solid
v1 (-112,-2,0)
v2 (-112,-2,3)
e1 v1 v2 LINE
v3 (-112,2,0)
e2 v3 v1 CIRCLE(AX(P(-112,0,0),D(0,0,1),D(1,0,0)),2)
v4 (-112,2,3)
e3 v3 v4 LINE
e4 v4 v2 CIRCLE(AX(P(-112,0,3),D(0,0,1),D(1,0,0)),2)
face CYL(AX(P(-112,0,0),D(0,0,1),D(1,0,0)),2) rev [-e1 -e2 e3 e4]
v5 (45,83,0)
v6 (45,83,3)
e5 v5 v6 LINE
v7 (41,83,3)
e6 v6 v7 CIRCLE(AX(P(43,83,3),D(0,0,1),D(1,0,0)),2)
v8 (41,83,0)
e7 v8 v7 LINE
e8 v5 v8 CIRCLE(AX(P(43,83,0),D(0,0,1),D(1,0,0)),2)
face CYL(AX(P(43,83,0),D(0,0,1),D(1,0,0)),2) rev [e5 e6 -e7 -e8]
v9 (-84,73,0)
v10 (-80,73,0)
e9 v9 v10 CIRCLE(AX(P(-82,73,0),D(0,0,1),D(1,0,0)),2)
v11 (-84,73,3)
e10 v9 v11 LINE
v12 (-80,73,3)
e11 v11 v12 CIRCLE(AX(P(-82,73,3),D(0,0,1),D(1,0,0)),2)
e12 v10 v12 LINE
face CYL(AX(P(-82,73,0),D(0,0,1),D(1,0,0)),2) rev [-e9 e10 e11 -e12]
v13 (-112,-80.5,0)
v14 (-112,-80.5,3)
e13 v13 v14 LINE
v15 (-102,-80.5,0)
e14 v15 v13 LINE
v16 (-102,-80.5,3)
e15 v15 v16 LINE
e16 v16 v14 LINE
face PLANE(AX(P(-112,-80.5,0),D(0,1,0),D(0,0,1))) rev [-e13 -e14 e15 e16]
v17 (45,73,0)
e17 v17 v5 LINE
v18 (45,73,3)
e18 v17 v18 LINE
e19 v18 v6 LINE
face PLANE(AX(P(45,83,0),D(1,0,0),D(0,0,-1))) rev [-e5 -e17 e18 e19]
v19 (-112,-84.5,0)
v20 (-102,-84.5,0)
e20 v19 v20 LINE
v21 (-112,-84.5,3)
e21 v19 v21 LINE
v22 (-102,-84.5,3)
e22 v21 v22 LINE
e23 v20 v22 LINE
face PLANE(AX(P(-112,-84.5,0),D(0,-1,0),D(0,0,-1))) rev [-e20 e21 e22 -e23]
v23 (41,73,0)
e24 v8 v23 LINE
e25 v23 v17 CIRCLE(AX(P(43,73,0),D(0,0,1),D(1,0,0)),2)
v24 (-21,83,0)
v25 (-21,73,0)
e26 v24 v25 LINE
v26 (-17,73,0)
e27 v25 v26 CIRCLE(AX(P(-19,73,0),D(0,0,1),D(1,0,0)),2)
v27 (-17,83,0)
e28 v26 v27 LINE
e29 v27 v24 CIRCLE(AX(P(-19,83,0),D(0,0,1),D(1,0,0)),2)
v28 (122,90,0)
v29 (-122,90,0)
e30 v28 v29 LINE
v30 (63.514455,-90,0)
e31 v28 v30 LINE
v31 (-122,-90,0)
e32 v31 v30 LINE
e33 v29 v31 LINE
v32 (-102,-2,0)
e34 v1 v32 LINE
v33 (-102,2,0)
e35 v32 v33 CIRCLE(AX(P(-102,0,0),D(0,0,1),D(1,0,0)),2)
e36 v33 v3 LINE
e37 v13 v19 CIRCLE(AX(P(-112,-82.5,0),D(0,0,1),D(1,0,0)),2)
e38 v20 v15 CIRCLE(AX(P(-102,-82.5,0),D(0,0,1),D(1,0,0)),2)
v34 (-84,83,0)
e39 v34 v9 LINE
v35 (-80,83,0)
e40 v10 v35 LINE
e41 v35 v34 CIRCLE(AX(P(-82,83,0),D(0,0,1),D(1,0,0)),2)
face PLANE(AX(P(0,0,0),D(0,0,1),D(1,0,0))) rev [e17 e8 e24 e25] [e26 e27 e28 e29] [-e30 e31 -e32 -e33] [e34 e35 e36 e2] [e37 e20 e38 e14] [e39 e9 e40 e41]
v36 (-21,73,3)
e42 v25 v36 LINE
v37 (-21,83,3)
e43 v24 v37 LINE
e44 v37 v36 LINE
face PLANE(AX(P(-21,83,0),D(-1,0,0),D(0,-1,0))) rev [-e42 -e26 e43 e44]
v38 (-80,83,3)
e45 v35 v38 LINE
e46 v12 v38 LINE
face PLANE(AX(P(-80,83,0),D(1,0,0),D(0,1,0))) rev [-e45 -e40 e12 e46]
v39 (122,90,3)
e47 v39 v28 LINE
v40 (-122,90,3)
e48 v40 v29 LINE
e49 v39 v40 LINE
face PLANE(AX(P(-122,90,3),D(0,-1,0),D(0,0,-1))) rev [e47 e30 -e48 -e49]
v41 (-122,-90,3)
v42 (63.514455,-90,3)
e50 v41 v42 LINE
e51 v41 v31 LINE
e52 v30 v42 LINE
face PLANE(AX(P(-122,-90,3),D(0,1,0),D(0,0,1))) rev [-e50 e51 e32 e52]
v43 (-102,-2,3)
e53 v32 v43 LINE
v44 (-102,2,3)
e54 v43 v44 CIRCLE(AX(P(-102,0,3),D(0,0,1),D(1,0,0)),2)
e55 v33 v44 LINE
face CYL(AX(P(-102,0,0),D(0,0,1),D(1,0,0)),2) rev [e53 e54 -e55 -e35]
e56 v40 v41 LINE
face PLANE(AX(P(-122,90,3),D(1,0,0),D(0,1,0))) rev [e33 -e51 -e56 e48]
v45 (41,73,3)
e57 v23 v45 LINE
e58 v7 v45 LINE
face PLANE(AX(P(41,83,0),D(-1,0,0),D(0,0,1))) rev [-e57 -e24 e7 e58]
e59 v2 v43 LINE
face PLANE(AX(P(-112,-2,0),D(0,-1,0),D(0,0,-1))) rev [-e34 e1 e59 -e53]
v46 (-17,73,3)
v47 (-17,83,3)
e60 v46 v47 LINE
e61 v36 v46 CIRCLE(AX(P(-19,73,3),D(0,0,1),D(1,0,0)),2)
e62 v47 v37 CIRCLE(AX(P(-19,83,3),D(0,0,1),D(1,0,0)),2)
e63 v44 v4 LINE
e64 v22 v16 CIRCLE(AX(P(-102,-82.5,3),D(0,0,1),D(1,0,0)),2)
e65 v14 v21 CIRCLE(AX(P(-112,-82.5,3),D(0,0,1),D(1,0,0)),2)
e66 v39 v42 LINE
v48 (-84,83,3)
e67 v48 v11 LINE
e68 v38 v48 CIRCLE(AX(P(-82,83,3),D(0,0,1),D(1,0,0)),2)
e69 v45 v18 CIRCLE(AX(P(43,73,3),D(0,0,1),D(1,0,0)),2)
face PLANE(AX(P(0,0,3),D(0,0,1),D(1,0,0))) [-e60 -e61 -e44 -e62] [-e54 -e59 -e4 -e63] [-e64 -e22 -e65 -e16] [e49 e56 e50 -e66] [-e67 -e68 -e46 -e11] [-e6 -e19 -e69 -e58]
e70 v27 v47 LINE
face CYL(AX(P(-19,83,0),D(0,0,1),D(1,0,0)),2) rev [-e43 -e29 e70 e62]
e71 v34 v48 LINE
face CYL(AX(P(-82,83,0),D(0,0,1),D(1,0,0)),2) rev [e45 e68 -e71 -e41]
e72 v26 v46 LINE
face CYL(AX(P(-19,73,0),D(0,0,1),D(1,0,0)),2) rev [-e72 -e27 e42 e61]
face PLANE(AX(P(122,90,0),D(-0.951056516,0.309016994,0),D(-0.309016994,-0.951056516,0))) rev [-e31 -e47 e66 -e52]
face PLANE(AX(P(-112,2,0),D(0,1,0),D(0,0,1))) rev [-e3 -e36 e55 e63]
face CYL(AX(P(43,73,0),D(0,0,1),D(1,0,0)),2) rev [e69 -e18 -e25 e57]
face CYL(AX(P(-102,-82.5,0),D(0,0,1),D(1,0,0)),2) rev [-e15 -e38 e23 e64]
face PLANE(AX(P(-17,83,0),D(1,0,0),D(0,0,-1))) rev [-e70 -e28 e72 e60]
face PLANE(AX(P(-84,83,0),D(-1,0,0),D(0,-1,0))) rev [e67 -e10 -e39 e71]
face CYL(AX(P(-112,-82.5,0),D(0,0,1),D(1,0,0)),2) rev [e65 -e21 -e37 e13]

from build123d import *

# Parameters (mm, degrees)
SKETCH1_W           = 244
SKETCH1_H           = 180
BOSS_EXTRUDE1_DEPTH = 3
CUT_EXTRUDE1_DEPTH  = 3
CUT_EXTRUDE2_DEPTH  = 3


with BuildPart() as part:
    # Sketch1 → Boss-Extrude1 (new body)
    with BuildSketch(Plane.XY):
        Rectangle(SKETCH1_W, SKETCH1_H)
    extrude(amount=BOSS_EXTRUDE1_DEPTH)

    # Sketch2 → Cut-Extrude1 (cut)
    with BuildSketch(Plane.XY.offset(3)):
        Polygon((122, 90), (63.514454678, -90), (122, -90), align=None)
    extrude(amount=-CUT_EXTRUDE1_DEPTH, mode=Mode.SUBTRACT)

    # Sketch3 → Cut-Extrude2 (cut)
    with BuildSketch(Plane.XY.offset(3)):
        with BuildLine():
            Line((-80, 83), (-80, 73))
            ThreePointArc((-80, 73), (-82, 71), (-84, 73))
            Line((-84, 73), (-84, 83))
            ThreePointArc((-84, 83), (-82, 85), (-80, 83))
        make_face()
        with BuildLine():
            Line((-17, 83), (-17, 73))
            ThreePointArc((-17, 73), (-19, 71), (-21, 73))
            Line((-21, 73), (-21, 83))
            ThreePointArc((-21, 83), (-19, 85), (-17, 83))
        make_face()
        with BuildLine():
            Line((45, 83), (45, 73))
            ThreePointArc((45, 73), (43, 71), (41, 73))
            Line((41, 73), (41, 83))
            ThreePointArc((41, 83), (43, 85), (45, 83))
        make_face()
        with BuildLine():
            Line((-112, 2), (-102, 2))
            ThreePointArc((-102, 2), (-100, 0), (-102, -2))
            Line((-102, -2), (-112, -2))
            ThreePointArc((-112, -2), (-114, 0), (-112, 2))
        make_face()
        with BuildLine():
            Line((-112, -80.5), (-102, -80.5))
            ThreePointArc((-102, -80.5), (-100, -82.5), (-102, -84.5))
            Line((-102, -84.5), (-112, -84.5))
            ThreePointArc((-112, -84.5), (-114, -82.5), (-112, -80.5))
        make_face()
    extrude(amount=-CUT_EXTRUDE2_DEPTH, mode=Mode.SUBTRACT)


solid = part.part
